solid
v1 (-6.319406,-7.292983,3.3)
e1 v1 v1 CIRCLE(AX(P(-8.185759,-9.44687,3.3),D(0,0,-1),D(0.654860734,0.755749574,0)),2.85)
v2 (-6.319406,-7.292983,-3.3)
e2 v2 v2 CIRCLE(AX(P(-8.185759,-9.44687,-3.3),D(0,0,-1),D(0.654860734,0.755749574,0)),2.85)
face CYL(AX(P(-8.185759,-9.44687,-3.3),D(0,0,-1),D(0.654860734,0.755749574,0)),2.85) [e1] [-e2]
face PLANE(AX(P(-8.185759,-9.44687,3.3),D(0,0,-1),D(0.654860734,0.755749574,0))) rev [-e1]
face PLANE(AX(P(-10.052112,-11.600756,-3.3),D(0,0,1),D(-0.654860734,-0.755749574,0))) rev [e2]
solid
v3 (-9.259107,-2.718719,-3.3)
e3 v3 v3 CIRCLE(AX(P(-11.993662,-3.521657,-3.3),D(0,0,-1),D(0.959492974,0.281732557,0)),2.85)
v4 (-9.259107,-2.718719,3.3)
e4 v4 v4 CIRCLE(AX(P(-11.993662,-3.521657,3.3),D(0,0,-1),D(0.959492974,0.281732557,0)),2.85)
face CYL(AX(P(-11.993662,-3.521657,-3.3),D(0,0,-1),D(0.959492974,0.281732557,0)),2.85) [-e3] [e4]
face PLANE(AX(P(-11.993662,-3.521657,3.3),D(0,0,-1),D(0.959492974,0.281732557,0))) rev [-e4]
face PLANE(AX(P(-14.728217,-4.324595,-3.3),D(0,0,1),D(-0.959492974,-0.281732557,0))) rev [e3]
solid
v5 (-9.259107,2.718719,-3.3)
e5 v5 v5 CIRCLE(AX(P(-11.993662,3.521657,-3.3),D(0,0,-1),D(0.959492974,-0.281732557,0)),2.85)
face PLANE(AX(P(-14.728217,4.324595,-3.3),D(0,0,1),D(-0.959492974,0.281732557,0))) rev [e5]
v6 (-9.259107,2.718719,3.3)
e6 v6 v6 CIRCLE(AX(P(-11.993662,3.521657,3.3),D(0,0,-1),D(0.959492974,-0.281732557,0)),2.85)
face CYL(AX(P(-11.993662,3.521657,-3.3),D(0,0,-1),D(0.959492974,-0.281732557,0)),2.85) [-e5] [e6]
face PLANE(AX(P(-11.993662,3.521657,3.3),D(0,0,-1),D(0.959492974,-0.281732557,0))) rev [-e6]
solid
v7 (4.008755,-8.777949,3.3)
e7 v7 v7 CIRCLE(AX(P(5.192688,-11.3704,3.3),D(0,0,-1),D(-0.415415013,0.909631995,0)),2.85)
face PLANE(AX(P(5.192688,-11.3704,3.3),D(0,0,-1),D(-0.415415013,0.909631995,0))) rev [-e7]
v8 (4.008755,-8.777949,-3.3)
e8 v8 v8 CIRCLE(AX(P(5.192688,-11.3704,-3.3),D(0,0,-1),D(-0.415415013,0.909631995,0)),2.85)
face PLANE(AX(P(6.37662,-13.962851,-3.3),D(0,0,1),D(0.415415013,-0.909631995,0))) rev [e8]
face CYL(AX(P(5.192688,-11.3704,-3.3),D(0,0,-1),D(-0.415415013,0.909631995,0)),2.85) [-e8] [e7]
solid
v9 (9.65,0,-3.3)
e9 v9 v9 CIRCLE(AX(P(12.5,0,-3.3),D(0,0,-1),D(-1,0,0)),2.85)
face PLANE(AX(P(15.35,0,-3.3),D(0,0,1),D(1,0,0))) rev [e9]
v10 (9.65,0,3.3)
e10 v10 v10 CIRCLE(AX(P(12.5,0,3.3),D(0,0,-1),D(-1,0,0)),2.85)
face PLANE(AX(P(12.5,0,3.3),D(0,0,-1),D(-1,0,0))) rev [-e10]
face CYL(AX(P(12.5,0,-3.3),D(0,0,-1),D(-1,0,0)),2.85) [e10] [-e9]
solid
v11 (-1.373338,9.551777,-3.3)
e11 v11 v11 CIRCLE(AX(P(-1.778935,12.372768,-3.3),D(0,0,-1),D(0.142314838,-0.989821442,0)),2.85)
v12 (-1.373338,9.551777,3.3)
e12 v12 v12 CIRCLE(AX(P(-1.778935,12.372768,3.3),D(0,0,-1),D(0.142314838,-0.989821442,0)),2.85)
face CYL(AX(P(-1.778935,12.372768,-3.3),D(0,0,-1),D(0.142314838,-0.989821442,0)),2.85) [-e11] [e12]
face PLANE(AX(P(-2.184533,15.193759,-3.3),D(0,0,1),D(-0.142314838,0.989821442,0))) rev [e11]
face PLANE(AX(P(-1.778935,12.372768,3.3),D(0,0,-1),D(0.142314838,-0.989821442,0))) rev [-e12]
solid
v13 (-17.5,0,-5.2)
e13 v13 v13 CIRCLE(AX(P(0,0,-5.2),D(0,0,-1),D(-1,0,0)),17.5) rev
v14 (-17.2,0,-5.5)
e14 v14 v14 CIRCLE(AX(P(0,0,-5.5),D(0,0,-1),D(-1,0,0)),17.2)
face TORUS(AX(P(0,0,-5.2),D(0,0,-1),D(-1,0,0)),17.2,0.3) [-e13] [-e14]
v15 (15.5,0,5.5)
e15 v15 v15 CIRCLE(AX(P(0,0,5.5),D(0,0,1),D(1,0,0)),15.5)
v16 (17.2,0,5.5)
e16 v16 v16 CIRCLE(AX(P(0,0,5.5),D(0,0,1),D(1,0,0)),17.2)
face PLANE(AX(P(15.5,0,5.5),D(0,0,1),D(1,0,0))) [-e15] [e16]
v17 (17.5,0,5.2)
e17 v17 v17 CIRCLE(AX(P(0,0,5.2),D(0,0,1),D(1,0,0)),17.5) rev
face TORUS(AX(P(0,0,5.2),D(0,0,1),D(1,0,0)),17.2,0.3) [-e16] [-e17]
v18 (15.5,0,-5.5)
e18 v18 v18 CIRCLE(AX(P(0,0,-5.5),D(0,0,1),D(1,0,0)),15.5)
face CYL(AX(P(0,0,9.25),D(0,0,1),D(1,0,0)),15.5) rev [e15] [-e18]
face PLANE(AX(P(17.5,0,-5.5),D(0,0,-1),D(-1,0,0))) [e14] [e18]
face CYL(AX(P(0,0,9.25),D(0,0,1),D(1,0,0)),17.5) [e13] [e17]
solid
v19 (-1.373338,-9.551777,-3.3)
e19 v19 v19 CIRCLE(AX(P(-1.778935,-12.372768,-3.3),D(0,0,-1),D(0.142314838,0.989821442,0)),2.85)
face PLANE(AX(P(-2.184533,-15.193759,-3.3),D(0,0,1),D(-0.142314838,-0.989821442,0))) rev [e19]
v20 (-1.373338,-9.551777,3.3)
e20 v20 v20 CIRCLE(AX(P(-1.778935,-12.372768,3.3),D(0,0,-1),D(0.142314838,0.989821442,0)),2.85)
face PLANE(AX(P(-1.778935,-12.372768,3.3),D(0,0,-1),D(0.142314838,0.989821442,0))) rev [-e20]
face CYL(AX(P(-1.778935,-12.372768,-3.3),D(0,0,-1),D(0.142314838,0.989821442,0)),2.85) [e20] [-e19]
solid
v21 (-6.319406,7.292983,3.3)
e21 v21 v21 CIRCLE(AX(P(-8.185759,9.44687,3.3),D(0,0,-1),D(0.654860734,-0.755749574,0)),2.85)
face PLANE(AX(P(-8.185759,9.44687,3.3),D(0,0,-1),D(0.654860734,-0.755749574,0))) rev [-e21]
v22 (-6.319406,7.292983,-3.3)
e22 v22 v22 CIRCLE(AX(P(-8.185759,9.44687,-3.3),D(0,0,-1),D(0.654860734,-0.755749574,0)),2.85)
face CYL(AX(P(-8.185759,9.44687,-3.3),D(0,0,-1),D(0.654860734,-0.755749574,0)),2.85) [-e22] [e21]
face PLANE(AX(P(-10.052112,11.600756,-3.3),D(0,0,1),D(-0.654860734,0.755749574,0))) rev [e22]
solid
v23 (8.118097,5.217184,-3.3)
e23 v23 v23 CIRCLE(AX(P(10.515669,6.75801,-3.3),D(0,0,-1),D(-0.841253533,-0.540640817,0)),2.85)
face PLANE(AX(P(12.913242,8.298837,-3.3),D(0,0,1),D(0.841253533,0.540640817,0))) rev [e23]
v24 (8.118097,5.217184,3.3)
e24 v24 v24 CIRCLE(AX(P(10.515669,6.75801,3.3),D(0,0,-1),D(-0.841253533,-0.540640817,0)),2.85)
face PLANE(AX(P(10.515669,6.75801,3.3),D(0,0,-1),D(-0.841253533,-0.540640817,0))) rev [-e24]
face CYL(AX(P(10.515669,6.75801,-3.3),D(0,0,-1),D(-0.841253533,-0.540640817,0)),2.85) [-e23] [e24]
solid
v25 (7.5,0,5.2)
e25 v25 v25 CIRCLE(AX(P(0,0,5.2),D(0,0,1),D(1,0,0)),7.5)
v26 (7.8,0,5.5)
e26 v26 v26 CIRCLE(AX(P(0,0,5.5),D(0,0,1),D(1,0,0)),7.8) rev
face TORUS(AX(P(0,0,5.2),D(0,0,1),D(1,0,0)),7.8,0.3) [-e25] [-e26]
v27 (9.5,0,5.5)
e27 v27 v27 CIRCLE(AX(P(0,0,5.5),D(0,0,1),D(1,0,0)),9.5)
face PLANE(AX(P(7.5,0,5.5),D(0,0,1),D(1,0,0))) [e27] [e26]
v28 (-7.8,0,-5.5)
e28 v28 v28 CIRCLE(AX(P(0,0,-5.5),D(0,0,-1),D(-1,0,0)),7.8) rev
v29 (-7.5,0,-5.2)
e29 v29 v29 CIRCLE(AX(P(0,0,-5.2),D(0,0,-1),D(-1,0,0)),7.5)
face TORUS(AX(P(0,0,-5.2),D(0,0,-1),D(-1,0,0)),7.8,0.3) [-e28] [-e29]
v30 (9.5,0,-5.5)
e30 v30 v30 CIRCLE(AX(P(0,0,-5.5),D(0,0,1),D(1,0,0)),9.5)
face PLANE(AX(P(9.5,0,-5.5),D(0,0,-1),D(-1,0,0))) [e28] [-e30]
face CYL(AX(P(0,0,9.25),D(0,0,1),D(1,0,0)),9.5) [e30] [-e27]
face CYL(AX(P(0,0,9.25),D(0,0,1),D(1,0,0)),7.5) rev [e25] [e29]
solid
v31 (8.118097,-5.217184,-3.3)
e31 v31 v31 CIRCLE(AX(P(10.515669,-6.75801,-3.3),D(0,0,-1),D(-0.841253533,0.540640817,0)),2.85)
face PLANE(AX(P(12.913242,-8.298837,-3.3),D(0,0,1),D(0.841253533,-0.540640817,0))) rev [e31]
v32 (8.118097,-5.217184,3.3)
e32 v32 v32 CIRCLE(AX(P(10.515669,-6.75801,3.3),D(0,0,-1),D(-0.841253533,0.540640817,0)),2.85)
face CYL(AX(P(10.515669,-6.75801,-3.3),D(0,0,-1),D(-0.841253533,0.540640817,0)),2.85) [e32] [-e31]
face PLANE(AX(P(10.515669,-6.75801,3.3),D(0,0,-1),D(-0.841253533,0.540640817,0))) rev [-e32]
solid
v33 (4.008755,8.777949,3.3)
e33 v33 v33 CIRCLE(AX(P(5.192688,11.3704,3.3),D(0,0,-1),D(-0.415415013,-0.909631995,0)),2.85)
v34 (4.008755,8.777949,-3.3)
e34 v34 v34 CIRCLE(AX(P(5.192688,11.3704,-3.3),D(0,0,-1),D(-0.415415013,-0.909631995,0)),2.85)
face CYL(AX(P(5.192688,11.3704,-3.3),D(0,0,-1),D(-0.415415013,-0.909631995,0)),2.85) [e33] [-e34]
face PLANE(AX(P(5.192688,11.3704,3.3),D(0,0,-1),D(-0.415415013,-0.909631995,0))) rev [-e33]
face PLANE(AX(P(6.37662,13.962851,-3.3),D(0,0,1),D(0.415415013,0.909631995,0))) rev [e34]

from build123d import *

# Parameters (mm, degrees)
INNERS_W             = 2
INNERS_H             = 11
OUTERS_W             = 2
OUTERS_H             = 11
ROLLERS_W            = 2.85
ROLLERS_H            = 6.6
ROLLERSPATTERN_COUNT = 11
FILLET_F1_R          = 0.3
FILLET_F2_R          = 0.3


with BuildPart() as part:
    # InnerS → InnerRing (revolve)
    with BuildSketch(Plane(origin=(0, 0, 0), x_dir=(1, 0, 0), z_dir=(0, 1, 0))):
        with Locations((8.5, 0)):
            Rectangle(INNERS_W, INNERS_H)
    revolve(axis=Axis((0, 0, 9.25), (0, 0, -1)))

    # Fillet F2
    fillet_f2_edges = [part.edges().sort_by_distance(p)[0] for p in [
        (-7.5, 0, -5.5),
        (-7.5, 0, 5.5),
    ]]
    fillet(fillet_f2_edges, radius=FILLET_F2_R)


with BuildPart() as body_2:
    # OuterS → OuterRing (revolve)
    with BuildSketch(Plane(origin=(0, 0, 0), x_dir=(1, 0, 0), z_dir=(0, 1, 0))):
        with Locations((16.5, 0)):
            Rectangle(OUTERS_W, OUTERS_H)
    revolve(axis=Axis((0, 0, 9.25), (0, 0, -1)))

    # Fillet F1
    fillet_f1_edges = [body_2.edges().sort_by_distance(p)[0] for p in [
        (-17.5, 0, -5.5),
        (-17.5, 0, 5.5),
    ]]
    fillet(fillet_f1_edges, radius=FILLET_F1_R)


with BuildPart() as body_3:
    # RollerS → Roller (revolve)
    with BuildSketch(Plane(origin=(0, 0, 0), x_dir=(1, 0, 0), z_dir=(0, 1, 0))):
        with Locations((13.925, 0)):
            Rectangle(ROLLERS_W, ROLLERS_H)
    revolve(axis=Axis((12.5, 0, -3.3), (0, 0, 1)))


with BuildPart() as rollerspattern_1:
    # RollersPattern: pattern copy
    add(body_3.part.rotate(Axis((0, 0, -6.05), (0, 0, 1)), 1 * 360 / ROLLERSPATTERN_COUNT))


with BuildPart() as rollerspattern_2:
    # RollersPattern: pattern copy
    add(body_3.part.rotate(Axis((0, 0, -6.05), (0, 0, 1)), 2 * 360 / ROLLERSPATTERN_COUNT))


with BuildPart() as rollerspattern_3:
    # RollersPattern: pattern copy
    add(body_3.part.rotate(Axis((0, 0, -6.05), (0, 0, 1)), 3 * 360 / ROLLERSPATTERN_COUNT))


with BuildPart() as rollerspattern_4:
    # RollersPattern: pattern copy
    add(body_3.part.rotate(Axis((0, 0, -6.05), (0, 0, 1)), 4 * 360 / ROLLERSPATTERN_COUNT))


with BuildPart() as rollerspattern_5:
    # RollersPattern: pattern copy
    add(body_3.part.rotate(Axis((0, 0, -6.05), (0, 0, 1)), 5 * 360 / ROLLERSPATTERN_COUNT))


with BuildPart() as rollerspattern_6:
    # RollersPattern: pattern copy
    add(body_3.part.rotate(Axis((0, 0, -6.05), (0, 0, 1)), 6 * 360 / ROLLERSPATTERN_COUNT))


with BuildPart() as rollerspattern_7:
    # RollersPattern: pattern copy
    add(body_3.part.rotate(Axis((0, 0, -6.05), (0, 0, 1)), 7 * 360 / ROLLERSPATTERN_COUNT))


with BuildPart() as rollerspattern_8:
    # RollersPattern: pattern copy
    add(body_3.part.rotate(Axis((0, 0, -6.05), (0, 0, 1)), 8 * 360 / ROLLERSPATTERN_COUNT))


with BuildPart() as rollerspattern_9:
    # RollersPattern: pattern copy
    add(body_3.part.rotate(Axis((0, 0, -6.05), (0, 0, 1)), 9 * 360 / ROLLERSPATTERN_COUNT))


with BuildPart() as rollerspattern_10:
    # RollersPattern: pattern copy
    add(body_3.part.rotate(Axis((0, 0, -6.05), (0, 0, 1)), 10 * 360 / ROLLERSPATTERN_COUNT))


solid = Compound([part.part, body_2.part, body_3.part, rollerspattern_1.part, rollerspattern_2.part, rollerspattern_3.part, rollerspattern_4.part, rollerspattern_5.part, rollerspattern_6.part, rollerspattern_7.part, rollerspattern_8.part, rollerspattern_9.part, rollerspattern_10.part])
